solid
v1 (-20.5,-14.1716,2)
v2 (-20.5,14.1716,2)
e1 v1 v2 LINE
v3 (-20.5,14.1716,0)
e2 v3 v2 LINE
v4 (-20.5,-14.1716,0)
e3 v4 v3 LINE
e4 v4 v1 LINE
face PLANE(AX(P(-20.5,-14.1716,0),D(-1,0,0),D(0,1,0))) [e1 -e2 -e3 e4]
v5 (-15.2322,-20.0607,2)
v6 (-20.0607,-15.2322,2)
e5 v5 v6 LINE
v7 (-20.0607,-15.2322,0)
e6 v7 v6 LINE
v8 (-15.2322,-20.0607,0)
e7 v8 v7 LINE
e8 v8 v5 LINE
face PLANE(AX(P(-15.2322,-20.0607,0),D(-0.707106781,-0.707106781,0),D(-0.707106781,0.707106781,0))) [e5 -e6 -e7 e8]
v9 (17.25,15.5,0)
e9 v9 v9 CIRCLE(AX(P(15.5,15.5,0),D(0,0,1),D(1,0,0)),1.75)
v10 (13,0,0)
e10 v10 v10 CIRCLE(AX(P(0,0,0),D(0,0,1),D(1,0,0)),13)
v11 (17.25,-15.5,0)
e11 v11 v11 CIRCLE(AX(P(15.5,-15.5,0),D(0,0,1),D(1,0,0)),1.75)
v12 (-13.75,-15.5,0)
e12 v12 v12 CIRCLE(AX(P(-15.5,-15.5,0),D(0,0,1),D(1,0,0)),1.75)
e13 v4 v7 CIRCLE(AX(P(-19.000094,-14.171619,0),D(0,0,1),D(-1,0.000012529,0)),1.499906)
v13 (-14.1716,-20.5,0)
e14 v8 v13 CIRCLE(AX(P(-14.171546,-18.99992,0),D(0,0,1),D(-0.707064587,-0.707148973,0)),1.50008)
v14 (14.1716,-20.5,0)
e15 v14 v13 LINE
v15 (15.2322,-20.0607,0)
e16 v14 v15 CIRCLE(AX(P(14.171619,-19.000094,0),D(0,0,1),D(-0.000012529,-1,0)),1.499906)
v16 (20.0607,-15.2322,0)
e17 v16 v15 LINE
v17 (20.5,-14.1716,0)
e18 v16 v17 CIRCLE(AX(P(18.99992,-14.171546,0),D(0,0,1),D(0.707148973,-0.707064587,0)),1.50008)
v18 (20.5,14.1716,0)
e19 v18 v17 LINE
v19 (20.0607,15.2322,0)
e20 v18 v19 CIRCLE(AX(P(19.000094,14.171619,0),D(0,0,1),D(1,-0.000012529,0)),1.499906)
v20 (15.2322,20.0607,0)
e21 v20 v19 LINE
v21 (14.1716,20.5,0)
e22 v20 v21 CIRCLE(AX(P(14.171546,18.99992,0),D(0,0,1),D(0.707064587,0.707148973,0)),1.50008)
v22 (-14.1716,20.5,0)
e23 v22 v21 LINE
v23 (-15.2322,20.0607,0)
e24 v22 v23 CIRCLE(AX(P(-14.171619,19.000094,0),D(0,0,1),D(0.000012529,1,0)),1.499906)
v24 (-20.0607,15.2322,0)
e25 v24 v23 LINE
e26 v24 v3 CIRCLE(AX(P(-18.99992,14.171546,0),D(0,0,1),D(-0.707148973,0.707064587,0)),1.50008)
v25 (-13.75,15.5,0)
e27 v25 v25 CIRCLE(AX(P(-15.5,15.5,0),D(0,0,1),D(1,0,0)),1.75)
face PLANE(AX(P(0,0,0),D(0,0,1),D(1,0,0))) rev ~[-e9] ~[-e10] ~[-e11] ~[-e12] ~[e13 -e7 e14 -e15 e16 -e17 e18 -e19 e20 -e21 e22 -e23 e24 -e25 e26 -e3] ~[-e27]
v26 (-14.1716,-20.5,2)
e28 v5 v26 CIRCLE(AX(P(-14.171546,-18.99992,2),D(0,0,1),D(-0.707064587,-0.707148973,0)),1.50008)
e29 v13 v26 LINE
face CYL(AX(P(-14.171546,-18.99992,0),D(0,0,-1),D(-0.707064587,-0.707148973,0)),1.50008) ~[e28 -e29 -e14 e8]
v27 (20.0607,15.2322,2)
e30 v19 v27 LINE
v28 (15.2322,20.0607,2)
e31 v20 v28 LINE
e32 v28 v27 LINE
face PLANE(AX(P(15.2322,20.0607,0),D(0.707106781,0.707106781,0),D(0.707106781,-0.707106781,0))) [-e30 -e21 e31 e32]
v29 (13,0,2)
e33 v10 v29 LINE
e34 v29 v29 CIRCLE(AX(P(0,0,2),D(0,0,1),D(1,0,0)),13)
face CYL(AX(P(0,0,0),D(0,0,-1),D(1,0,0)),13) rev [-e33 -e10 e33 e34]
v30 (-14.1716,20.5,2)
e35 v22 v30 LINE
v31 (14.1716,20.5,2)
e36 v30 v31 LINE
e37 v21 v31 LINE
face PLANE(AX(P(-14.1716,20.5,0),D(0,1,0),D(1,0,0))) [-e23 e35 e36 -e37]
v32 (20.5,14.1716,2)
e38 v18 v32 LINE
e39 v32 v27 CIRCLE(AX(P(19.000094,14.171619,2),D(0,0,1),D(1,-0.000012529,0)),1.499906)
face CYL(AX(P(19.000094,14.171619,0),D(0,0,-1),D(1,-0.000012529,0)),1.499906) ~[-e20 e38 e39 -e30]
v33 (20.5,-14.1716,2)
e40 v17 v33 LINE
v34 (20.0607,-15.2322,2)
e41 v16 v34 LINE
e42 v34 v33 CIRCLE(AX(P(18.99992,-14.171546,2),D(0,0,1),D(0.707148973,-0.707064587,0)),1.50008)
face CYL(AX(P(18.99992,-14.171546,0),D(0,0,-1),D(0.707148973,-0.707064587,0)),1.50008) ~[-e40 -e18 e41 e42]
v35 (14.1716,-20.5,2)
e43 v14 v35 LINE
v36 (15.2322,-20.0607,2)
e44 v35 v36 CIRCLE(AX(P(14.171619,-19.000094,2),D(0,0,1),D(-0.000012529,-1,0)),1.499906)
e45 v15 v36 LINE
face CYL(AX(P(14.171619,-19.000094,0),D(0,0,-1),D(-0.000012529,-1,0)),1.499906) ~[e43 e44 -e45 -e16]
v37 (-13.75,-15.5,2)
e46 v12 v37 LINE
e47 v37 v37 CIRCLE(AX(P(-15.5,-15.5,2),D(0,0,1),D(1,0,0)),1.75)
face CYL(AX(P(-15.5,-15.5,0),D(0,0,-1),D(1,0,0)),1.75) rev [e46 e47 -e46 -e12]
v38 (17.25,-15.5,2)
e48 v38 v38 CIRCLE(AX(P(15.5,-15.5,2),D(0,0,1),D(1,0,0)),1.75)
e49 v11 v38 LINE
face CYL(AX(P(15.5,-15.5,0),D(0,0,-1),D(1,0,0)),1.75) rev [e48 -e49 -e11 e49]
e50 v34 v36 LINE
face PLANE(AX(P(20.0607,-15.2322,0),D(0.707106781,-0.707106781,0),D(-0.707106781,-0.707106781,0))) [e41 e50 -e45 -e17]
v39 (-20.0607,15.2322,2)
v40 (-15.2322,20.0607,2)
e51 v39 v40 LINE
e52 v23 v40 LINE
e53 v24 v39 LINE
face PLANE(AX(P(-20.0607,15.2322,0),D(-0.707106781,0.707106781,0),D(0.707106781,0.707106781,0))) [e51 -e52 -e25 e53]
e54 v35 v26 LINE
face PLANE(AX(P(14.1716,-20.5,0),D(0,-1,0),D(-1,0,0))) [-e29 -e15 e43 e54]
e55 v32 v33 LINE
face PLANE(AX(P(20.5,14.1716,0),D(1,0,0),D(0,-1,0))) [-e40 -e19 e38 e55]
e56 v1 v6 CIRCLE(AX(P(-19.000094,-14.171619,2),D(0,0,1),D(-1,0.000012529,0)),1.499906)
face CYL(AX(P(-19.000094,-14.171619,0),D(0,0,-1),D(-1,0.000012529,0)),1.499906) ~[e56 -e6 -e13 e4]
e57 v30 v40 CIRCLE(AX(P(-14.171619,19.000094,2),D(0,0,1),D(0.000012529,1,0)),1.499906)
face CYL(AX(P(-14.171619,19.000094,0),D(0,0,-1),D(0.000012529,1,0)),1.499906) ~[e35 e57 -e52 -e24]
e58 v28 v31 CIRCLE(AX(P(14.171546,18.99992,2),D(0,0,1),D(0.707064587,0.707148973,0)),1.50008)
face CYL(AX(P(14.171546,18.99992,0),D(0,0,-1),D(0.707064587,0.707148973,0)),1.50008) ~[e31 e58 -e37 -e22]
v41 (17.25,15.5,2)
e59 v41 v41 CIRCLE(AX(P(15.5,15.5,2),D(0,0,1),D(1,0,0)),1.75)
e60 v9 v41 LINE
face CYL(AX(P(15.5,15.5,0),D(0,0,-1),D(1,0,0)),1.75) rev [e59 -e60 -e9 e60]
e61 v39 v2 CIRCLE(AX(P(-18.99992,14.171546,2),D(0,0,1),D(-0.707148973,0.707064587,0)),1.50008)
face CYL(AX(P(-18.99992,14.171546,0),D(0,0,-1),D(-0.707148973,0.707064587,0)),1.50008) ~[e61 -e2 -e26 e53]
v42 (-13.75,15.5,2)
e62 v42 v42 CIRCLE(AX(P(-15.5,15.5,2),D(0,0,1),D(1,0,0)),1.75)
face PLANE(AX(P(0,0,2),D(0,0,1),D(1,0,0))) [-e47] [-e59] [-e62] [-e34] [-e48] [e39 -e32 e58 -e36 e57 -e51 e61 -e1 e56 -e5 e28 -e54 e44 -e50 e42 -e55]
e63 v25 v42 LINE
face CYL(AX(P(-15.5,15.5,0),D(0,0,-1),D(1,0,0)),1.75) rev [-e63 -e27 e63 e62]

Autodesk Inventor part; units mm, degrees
ref_plane "YZ Plane" through (0, 0, 0) normal (1, 0, 0) x (0, 1, 0)
ref_plane "XZ Plane" through (0, 0, 0) normal (0, 1, 0) x (-1, 0, 0)
ref_plane "Work Plane1" through (0, 0, 0) normal (0, 0, 1) x (1, 0, 0)
sketch "Sketch1" plane through (0, 0, 0) normal (0, 0, 1) x (1, 0, 0)
  circle A0 centre (15.5, -15.5) radius 1.25 projected
  circle A1 centre (-15.5, -15.5) radius 1.25 projected
  circle A2 centre (15.5, 15.5) radius 1.25 projected
  circle A3 centre (-15.5, 15.5) radius 1.25 projected
  circle A4 centre (0, 0) radius 11 projected
  line L0 (-14.1716, 20.5) -> (14.1716, 20.5) projected
  arc A5 (-14.1716, 20.5) -> (-15.2322, 20.0607) centre (-14.1716, 19) ccw projected
  line L1 (-20.0607, 15.2322) -> (-15.2322, 20.0607) projected
  arc A6 (-20.0607, 15.2322) -> (-20.5, 14.1716) centre (-19, 14.1716) ccw projected
  line L2 (-20.5, -14.1716) -> (-20.5, 14.1716) projected
  arc A7 (-20.5, -14.1716) -> (-20.0607, -15.2322) centre (-19, -14.1716) ccw projected
  line L3 (-15.2322, -20.0607) -> (-20.0607, -15.2322) projected
  arc A8 (-15.2322, -20.0607) -> (-14.1716, -20.5) centre (-14.1716, -19) ccw projected
  line L4 (14.1716, -20.5) -> (-14.1716, -20.5) projected
  arc A9 (14.1716, -20.5) -> (15.2322, -20.0607) centre (14.1716, -19) ccw projected
  line L5 (20.0607, -15.2322) -> (15.2322, -20.0607) projected
  arc A10 (20.0607, -15.2322) -> (20.5, -14.1716) centre (19, -14.1716) ccw projected
  line L6 (20.5, 14.1716) -> (20.5, -14.1716) projected
  arc A11 (20.5, 14.1716) -> (20.0607, 15.2322) centre (19, 14.1716) ccw projected
  line L7 (15.2322, 20.0607) -> (20.0607, 15.2322) projected
  arc A12 (15.2322, 20.0607) -> (14.1716, 20.5) centre (14.1716, 19) ccw projected
  circle A13 centre (15.5, -15.5) radius 1.75
  circle A14 centre (-15.5, -15.5) radius 1.75
  circle A15 centre (-15.5, 15.5) radius 1.75
  circle A16 centre (15.5, 15.5) radius 1.75
  circle A17 centre (0, 0) radius 13
  point P0 (0, 0)
  dimension "d0" = 0.5
  dimension "d1" = 2
ref_plane "Work Plane2" through (-17.7551, -17.7551, 2) normal (0, 0, 1) x (1, 0, 0)
extrude "Extrusion1" add sketch "Sketch1" along normal up to surface (2 mm away) contours L0 A12 L7 A11 L6 A10 L5 A9 L4 A8 L3 A7 L2 A6 L1 A5
properties part number "stepperspacer"
